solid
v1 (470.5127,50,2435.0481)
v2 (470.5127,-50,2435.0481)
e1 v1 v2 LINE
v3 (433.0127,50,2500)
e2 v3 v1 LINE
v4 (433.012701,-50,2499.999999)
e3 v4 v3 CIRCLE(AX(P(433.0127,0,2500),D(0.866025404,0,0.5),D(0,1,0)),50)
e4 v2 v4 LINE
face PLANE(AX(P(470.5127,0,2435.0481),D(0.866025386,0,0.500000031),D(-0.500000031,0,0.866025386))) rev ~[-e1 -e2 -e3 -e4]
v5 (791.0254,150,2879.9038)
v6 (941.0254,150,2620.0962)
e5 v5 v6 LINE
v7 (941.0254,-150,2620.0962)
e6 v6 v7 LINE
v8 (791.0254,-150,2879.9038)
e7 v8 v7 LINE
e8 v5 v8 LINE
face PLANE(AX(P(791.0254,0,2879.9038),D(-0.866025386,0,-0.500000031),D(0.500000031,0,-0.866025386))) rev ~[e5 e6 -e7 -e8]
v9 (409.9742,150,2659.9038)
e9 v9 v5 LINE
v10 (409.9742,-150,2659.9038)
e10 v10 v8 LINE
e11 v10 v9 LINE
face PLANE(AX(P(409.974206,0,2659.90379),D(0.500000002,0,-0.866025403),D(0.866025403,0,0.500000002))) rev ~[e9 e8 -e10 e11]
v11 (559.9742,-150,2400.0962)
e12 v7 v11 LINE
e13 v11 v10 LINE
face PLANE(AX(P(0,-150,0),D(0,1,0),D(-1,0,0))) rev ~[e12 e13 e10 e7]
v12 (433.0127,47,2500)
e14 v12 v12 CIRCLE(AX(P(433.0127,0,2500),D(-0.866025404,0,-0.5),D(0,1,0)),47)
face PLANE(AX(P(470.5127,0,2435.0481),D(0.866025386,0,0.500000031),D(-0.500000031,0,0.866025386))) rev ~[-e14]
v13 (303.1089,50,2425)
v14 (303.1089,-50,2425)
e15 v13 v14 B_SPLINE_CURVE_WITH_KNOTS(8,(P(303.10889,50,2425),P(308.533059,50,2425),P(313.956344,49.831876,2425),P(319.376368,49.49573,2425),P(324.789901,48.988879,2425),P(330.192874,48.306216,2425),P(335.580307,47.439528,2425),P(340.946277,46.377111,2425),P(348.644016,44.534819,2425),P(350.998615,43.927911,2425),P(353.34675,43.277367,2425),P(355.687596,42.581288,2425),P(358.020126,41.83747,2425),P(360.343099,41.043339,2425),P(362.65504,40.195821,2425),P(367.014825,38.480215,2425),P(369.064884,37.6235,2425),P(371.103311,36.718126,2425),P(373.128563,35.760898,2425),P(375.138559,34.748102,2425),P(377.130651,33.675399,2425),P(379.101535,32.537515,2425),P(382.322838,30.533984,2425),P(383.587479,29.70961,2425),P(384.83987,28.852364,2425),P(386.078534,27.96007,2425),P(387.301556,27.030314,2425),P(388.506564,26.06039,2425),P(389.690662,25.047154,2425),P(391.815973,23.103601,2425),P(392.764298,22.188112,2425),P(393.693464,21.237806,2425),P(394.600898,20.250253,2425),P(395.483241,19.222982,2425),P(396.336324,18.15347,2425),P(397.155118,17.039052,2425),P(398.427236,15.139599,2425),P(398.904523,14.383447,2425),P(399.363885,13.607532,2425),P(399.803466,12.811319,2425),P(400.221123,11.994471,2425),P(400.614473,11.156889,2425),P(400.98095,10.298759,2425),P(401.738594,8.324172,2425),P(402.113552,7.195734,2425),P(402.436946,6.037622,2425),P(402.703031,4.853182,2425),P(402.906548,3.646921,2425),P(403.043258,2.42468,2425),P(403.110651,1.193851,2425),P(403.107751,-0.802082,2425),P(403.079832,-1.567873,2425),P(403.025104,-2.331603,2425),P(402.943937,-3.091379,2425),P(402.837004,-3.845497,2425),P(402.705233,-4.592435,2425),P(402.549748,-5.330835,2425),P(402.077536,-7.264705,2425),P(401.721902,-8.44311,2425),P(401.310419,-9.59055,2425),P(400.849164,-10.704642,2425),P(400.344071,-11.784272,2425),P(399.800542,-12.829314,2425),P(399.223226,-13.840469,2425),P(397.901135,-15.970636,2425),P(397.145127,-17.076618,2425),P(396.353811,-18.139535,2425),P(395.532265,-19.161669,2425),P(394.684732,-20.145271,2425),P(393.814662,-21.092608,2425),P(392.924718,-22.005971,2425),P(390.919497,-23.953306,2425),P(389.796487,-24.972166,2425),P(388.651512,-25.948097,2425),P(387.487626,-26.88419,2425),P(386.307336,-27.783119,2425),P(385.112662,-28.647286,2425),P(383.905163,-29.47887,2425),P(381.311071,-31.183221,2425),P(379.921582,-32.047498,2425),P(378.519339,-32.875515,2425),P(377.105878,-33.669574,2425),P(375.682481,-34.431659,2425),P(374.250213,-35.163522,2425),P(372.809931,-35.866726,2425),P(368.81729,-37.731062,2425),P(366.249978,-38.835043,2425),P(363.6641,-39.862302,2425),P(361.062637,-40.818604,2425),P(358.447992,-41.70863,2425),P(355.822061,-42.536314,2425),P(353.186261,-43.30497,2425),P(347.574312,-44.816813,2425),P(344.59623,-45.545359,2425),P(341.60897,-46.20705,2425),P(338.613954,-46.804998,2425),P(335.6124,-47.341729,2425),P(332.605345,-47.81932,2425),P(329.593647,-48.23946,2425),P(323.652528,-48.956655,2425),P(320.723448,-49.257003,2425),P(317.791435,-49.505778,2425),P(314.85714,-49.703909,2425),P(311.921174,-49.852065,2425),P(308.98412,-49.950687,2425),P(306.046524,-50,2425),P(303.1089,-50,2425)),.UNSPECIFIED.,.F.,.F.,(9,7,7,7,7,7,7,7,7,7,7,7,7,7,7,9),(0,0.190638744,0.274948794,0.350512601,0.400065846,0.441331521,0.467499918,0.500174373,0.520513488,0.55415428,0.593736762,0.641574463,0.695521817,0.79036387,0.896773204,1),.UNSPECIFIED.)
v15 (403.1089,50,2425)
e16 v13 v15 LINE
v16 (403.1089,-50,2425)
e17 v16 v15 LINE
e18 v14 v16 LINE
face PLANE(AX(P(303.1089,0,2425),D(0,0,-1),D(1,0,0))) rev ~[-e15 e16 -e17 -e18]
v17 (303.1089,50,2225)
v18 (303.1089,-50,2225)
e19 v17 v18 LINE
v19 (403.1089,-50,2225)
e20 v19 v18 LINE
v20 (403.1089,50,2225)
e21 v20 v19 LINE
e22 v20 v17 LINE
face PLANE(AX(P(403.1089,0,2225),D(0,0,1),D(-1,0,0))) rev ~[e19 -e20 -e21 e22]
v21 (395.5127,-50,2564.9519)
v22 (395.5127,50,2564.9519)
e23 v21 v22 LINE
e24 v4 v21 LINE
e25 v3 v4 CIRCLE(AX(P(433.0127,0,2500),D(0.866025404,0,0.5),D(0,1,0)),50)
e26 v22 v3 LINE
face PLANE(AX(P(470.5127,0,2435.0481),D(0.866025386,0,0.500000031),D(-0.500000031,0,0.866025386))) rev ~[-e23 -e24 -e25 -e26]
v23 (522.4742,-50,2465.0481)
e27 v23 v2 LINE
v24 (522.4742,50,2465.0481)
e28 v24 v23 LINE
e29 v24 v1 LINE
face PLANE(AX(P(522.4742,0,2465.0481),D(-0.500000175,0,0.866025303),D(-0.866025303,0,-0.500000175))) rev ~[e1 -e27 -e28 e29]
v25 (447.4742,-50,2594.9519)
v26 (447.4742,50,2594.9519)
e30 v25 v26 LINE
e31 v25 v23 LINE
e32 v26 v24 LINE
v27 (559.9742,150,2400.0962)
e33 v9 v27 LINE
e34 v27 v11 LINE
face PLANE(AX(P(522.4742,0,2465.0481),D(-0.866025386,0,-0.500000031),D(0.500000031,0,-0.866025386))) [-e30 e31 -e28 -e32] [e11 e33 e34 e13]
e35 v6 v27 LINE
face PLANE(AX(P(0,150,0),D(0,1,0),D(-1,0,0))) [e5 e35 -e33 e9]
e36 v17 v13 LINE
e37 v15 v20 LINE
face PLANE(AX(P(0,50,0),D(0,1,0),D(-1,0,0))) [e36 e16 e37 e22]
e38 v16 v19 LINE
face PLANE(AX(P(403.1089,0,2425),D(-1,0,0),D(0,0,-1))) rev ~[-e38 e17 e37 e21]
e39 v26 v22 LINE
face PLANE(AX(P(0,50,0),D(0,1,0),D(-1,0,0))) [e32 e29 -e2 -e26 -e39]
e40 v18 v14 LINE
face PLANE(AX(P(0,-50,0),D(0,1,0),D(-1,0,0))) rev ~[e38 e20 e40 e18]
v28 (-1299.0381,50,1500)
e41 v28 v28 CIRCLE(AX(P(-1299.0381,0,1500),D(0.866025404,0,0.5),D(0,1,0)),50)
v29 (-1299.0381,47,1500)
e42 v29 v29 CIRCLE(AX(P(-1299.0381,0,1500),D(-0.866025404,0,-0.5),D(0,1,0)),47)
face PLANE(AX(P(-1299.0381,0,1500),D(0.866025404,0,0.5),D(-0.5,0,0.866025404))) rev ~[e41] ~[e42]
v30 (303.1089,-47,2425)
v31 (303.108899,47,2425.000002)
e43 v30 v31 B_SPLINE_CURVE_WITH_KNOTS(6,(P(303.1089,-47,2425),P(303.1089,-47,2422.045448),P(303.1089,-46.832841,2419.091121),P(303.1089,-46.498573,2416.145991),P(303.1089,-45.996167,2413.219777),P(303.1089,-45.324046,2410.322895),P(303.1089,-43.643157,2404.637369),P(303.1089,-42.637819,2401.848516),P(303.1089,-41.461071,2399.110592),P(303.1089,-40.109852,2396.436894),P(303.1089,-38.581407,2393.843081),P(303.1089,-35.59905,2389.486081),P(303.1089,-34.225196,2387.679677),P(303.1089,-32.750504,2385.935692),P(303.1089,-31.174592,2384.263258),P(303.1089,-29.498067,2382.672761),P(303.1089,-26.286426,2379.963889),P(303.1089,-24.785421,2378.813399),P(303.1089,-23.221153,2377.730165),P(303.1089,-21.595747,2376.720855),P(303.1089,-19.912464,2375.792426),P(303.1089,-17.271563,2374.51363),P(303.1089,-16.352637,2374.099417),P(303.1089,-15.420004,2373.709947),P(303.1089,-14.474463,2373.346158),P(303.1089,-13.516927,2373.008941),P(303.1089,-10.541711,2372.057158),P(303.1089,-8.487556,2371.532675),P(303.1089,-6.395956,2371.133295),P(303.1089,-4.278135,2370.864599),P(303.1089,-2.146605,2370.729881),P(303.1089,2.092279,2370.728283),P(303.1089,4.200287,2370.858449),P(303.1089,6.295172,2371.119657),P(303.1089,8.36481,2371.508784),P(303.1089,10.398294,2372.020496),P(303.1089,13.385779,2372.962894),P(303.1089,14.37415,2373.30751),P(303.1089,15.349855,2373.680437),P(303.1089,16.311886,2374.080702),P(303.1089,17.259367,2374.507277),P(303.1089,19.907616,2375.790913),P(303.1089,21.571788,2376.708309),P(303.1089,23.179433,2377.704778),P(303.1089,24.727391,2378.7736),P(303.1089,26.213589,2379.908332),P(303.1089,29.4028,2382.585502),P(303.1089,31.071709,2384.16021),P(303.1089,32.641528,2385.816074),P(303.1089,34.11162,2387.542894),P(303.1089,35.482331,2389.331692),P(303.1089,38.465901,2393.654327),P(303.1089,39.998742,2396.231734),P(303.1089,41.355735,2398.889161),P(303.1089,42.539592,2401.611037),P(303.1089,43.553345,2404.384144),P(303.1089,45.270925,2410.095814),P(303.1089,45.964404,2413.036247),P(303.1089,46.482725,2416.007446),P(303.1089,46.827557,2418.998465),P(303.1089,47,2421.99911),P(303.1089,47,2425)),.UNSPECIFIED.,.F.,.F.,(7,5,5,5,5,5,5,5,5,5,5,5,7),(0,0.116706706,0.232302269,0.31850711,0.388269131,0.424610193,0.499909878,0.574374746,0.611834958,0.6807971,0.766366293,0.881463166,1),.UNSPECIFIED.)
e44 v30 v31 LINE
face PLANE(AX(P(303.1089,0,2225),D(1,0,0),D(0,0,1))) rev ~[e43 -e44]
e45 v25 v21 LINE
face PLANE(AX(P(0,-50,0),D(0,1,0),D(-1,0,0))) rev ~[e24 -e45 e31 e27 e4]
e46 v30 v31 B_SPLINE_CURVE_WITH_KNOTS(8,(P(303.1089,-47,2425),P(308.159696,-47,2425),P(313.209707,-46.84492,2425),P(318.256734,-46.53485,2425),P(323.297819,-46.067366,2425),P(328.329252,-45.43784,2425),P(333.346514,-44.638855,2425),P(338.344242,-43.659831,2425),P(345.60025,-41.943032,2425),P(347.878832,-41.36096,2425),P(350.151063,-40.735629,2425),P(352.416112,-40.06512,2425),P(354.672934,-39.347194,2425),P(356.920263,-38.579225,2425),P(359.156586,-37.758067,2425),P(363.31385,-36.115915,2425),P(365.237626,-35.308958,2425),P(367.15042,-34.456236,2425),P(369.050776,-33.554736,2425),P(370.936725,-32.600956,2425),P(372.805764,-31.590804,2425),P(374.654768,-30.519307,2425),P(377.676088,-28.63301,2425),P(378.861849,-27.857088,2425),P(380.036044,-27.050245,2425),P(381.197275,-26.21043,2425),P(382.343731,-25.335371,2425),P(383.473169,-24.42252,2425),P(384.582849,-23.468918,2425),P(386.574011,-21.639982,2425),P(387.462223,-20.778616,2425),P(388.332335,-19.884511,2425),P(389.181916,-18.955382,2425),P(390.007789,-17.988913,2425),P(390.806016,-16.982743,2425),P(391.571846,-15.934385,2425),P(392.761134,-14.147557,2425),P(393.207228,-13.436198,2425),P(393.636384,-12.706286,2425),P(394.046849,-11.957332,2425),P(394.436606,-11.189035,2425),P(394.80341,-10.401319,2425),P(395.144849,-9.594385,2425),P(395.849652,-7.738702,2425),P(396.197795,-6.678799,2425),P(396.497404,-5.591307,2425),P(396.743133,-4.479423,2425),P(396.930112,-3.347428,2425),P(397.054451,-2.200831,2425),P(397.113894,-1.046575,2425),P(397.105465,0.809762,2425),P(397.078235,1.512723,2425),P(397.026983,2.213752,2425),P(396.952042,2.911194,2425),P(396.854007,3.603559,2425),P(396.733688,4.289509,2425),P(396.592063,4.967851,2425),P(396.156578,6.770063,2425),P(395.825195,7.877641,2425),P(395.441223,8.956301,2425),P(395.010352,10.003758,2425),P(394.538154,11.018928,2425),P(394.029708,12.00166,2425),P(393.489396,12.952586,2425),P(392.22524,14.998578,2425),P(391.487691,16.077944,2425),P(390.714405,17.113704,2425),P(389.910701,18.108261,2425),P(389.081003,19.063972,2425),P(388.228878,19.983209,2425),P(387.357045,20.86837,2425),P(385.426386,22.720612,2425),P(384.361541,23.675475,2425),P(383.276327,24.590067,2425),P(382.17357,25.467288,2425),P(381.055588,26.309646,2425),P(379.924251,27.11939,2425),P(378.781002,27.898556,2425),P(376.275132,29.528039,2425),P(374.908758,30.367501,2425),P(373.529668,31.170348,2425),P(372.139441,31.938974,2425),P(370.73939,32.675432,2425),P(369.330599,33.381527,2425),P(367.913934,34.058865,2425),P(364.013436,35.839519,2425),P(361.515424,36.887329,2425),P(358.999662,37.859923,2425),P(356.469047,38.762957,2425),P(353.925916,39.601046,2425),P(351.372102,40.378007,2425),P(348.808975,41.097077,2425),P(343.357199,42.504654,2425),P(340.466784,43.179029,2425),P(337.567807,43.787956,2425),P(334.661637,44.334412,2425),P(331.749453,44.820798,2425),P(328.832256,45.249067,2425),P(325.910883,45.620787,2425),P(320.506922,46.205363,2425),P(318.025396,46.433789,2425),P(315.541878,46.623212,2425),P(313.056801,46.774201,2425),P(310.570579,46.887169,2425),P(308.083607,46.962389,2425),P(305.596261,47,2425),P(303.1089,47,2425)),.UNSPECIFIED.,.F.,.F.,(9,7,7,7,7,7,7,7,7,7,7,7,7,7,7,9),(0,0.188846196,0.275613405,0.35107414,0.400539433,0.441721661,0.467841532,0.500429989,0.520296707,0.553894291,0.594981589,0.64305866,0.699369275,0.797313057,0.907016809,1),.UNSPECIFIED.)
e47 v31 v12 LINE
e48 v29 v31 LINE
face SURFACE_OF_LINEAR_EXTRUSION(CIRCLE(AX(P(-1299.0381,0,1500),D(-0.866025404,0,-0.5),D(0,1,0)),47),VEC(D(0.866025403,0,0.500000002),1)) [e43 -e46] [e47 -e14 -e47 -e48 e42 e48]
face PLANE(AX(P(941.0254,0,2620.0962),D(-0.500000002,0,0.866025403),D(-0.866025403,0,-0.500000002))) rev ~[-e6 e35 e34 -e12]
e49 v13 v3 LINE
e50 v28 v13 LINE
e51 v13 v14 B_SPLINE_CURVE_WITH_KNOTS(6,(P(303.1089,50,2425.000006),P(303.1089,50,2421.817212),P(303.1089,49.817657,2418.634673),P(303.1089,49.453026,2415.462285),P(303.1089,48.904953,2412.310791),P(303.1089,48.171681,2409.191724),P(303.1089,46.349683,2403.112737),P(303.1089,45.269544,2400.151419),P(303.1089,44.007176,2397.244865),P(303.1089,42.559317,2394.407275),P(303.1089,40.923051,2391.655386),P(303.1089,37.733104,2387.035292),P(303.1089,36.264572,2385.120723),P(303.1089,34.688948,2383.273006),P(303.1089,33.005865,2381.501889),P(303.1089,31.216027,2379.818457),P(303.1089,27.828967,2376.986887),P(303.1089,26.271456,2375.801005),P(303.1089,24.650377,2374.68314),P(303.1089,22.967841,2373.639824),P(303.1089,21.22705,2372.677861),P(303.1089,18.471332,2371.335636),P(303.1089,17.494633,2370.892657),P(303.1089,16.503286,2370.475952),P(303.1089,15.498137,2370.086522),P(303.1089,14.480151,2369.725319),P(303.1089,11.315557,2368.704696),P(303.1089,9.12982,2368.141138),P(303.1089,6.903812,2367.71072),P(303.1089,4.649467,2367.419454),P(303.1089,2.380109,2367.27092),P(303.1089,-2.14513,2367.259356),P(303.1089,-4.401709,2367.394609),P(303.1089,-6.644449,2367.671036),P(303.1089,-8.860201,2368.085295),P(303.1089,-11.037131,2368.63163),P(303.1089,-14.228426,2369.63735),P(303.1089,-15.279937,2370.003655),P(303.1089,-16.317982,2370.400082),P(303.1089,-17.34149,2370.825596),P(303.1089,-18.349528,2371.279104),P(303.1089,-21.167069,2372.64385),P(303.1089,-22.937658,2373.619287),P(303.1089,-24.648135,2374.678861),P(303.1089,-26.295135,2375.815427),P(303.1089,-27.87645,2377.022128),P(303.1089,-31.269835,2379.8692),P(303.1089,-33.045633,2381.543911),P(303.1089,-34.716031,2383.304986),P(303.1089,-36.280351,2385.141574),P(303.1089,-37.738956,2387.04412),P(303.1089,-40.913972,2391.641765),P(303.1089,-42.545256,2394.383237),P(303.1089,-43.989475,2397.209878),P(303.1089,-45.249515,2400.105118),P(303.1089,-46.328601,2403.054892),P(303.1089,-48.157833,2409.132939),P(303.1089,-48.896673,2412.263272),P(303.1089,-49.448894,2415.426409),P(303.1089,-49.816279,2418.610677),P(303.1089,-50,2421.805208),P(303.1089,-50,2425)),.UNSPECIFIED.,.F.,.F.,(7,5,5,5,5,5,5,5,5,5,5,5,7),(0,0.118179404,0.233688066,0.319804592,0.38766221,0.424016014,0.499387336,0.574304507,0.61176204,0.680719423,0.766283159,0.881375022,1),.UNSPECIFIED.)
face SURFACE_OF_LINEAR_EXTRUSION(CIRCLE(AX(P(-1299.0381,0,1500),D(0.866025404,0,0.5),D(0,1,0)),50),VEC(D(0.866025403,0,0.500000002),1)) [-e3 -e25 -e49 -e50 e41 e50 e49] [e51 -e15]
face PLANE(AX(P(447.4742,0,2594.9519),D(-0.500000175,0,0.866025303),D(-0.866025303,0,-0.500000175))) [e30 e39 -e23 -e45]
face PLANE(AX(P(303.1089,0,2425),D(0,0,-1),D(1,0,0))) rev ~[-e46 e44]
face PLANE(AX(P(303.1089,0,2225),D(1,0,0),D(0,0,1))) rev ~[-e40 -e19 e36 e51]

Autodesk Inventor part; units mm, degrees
ref_plane "YZ Plane" through (0, 0, 0) normal (1, 0, 0) x (0, 1, 0)
ref_plane "XZ Plane" through (0, 0, 0) normal (0, 1, 0) x (-1, 0, 0)
ref_plane "XY Plane" through (0, 0, 0) normal (0, 0, 1) x (1, 0, 0)
sketch "Sketch2" plane through (0, 0, 0) normal (0, 1, 0) x (-1, 0, 0)
  line L0 (1299.0381, 1500) -> (-433.0127, 2500)
  line L1 (1299.0381, 1500) -> (-700.9619, 1500) construction
  line L2 (0, 0) -> (0, 2250)
  line L3 (-358.0127, 2629.9038) -> (-791.0254, 2879.9038)
  line L4 (-791.0254, 2879.9038) -> (-941.0254, 2620.0962)
  line L5 (-941.0254, 2620.0962) -> (-508.0127, 2370.0962)
  line L6 (-508.0127, 2370.0962) -> (-358.0127, 2629.9038)
  line L7 (-409.9742, 2659.9038) -> (-559.9742, 2400.0962)
  line L8 (-447.4742, 2594.9519) -> (-395.5127, 2564.9519)
  line L9 (-522.4742, 2465.0481) -> (-470.5127, 2435.0481)
  line L10 (-303.1089, 2425) -> (-403.1089, 2425)
  line L11 (-403.1089, 2425) -> (-403.1089, 2225)
  line L12 (-403.1089, 2225) -> (-303.1089, 2225)
  line L13 (-303.1089, 2225) -> (-303.1089, 2425)
  line L14 (-303.1089, 2425) -> (-403.1089, 2225) construction
  line L15 (-403.1089, 2425) -> (-303.1089, 2225) construction
  point P0 (-353.1089, 2325)
  dimension "d3" = 30
  dimension "d4" = 2000
  dimension "d10" = 2250
  dimension "d11" = 500
  dimension "d12" = 500
  dimension "d13" = 300
  dimension "d14" = 150
  dimension "d15" = 60
  dimension "d16" = 100
  dimension "d17" = 200
  dimension "d18" = 150
ref_plane "Work Plane1" through (-1299.0381, 0, 1500) normal (0.866, 0, 0.5) x (0, 1, 0)
sketch "Sketch3" plane through (-1299.0381, 0, 1500) normal (0.866, 0, 0.5) x (0, 1, 0)
  circle A0 centre (0, 0) radius 50
  circle A1 centre (0, 0) radius 47
  point P0 (0, -1948.5572)
  point P1 (0, 0)
  dimension "d6" = 100
  dimension "d7" = 3
sweep "Sweep1" add profiles "Sketch3" path "Sketch2" path curves L0
extrude "Extrusion2" add sketch "Sketch2" along normal mid plane 100 contours L6 L9 L7 L8 | L13 L12 L11 L10
extrude "Extrusion3" add sketch "Sketch2" along normal mid plane 300 contours L7 L5 L4 L3
equation "\"d16\" = d6"
equation "\"d19\" = d6"
properties part number "NDM-VOS dummy5"
